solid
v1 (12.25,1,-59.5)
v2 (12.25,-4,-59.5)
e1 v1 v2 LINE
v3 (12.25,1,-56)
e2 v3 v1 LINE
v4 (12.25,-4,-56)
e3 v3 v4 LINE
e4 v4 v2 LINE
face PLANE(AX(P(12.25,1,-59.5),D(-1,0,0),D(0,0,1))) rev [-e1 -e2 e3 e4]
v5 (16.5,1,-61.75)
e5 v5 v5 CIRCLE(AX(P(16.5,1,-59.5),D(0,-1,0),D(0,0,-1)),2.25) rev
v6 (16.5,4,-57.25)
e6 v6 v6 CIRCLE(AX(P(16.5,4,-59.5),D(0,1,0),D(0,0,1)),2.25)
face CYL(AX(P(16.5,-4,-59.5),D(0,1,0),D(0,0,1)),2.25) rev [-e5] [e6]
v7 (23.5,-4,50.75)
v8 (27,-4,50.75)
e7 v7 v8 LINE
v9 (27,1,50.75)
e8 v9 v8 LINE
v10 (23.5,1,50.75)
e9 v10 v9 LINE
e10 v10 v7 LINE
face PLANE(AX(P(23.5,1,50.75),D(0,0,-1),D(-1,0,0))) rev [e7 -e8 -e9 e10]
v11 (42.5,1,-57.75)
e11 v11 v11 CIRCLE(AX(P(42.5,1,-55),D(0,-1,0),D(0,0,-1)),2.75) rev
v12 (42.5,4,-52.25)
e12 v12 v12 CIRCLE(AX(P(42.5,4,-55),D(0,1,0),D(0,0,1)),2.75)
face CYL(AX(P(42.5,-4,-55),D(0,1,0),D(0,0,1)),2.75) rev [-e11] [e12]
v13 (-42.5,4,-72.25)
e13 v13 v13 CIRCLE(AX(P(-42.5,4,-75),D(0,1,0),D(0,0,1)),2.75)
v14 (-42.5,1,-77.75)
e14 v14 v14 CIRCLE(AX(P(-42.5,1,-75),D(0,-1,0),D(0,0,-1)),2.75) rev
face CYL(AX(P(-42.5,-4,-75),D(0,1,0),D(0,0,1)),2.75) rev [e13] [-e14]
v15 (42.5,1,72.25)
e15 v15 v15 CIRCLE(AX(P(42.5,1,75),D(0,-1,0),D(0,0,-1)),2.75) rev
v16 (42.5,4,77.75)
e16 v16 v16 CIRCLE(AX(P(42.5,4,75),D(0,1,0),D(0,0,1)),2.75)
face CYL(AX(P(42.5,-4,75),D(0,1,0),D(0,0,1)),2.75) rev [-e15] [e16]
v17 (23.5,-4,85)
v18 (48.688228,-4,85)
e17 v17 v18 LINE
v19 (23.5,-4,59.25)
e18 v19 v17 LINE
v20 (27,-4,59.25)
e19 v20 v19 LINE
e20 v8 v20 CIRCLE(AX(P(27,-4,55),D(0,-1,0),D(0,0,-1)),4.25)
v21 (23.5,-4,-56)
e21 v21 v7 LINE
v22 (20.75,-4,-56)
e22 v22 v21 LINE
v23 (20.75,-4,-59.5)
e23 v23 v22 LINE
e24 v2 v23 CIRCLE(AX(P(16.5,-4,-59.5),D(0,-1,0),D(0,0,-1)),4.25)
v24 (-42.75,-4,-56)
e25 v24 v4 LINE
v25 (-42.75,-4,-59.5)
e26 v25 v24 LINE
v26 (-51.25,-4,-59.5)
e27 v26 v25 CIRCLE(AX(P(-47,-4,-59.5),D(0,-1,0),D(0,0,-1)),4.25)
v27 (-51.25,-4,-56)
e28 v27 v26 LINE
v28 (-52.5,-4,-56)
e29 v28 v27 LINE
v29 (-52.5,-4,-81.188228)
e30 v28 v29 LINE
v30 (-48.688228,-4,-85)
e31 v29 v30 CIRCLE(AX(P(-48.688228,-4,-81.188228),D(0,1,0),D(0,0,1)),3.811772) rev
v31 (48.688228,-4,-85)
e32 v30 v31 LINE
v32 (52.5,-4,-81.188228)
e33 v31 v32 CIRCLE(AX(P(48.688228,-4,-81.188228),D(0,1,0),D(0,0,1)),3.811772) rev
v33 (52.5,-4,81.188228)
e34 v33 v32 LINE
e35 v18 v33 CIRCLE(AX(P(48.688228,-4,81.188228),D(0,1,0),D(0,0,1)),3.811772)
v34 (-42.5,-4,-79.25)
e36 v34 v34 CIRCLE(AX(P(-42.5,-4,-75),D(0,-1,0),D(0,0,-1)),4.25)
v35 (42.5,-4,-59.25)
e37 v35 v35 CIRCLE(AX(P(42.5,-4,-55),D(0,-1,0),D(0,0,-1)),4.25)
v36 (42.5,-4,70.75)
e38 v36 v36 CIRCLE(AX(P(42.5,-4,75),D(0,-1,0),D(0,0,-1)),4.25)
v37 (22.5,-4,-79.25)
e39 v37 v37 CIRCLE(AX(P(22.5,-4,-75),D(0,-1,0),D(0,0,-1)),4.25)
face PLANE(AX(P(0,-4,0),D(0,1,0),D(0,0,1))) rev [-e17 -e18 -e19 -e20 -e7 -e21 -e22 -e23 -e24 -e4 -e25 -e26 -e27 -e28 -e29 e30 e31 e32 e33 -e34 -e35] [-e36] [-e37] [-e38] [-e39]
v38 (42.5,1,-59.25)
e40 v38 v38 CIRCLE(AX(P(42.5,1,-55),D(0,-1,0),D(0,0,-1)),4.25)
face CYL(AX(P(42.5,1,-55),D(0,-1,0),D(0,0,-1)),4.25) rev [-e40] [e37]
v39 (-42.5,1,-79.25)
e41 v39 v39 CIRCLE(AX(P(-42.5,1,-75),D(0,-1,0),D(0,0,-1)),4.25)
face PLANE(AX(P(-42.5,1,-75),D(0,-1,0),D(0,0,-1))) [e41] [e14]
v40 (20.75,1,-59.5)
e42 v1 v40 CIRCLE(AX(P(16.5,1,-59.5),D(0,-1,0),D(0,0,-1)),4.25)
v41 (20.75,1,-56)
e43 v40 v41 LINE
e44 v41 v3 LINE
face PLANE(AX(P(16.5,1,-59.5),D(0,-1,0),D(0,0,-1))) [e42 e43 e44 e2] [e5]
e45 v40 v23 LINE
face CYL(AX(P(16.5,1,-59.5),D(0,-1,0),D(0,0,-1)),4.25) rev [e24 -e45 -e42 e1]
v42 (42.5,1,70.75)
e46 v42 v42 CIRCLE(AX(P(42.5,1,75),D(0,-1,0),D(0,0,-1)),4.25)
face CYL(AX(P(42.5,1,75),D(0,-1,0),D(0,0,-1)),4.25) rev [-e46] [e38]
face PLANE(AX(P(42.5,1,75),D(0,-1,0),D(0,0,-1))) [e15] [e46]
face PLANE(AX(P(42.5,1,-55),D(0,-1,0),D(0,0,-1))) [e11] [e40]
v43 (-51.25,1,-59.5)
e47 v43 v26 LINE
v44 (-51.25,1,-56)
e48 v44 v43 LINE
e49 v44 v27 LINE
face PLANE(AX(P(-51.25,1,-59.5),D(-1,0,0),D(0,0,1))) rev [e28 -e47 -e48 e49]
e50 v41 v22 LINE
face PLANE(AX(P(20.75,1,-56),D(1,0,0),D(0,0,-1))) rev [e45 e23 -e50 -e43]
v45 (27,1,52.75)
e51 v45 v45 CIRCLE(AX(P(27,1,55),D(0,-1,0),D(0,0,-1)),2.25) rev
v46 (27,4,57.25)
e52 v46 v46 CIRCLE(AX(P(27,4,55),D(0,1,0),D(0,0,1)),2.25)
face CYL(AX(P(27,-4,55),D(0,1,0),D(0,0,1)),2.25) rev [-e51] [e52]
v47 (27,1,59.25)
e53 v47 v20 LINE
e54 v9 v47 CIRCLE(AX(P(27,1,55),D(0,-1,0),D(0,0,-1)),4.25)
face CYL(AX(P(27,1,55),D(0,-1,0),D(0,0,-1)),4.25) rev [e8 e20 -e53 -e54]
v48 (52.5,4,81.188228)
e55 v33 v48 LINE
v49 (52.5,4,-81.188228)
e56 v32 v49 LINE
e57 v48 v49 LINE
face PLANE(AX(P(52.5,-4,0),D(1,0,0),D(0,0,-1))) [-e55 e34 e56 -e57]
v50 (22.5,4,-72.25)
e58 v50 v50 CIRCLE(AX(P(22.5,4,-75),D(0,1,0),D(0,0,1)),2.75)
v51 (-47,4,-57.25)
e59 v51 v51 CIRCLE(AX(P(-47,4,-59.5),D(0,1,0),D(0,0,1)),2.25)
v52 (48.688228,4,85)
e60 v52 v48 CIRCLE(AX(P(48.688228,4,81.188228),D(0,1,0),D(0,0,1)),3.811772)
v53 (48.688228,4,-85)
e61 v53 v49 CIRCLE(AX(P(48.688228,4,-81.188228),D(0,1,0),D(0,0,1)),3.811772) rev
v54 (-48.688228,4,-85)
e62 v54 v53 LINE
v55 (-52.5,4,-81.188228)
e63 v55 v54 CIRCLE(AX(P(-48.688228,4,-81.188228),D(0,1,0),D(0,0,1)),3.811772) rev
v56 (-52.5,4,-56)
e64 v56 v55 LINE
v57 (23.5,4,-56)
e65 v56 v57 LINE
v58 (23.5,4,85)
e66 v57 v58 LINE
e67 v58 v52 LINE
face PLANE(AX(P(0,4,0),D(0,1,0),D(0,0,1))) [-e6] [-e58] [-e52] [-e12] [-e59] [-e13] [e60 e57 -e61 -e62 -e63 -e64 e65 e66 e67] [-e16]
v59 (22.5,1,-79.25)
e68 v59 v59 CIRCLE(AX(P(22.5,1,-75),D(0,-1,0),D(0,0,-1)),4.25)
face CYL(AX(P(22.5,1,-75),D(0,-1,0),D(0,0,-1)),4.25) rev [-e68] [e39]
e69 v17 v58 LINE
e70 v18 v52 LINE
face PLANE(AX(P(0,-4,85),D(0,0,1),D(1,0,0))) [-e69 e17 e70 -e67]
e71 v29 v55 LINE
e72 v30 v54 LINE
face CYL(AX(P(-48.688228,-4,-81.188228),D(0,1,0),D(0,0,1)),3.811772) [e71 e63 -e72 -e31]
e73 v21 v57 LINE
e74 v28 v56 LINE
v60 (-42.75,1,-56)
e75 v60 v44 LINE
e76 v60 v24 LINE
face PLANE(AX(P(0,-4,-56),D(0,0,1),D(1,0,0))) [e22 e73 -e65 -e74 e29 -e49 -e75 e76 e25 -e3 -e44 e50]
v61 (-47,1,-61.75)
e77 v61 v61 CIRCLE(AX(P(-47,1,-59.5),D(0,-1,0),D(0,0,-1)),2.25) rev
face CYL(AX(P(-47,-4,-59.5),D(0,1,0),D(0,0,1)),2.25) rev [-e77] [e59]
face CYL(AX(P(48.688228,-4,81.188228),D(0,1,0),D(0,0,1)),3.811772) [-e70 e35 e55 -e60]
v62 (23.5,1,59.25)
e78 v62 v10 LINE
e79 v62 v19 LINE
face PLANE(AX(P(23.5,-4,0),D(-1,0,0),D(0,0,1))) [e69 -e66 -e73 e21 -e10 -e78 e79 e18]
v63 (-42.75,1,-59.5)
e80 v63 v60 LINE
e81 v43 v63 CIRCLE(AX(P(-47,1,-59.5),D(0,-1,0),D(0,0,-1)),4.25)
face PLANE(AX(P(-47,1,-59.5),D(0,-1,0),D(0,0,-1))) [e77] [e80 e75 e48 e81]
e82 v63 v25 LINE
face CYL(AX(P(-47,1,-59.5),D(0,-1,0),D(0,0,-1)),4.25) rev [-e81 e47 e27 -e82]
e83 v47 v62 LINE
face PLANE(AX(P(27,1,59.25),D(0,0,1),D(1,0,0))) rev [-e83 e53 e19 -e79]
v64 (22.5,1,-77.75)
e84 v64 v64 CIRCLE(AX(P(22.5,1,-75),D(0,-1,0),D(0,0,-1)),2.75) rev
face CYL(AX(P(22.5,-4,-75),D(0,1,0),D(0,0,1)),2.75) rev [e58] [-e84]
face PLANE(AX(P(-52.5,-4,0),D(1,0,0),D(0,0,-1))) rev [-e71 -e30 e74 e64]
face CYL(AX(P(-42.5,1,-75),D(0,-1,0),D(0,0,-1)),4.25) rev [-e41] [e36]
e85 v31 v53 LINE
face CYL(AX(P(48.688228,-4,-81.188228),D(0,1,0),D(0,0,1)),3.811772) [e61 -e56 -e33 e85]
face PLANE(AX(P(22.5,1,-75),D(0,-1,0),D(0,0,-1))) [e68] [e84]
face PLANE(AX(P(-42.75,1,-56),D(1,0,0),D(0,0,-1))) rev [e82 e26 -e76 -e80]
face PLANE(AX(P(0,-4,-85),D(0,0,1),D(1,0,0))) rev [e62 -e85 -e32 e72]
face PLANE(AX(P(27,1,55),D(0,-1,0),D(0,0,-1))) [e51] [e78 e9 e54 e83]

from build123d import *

# Parameters (mm, degrees)
BOSS_EXTRUDE1_DEPTH      = 4
BOSS_EXTRUDE1_DEPTH_BACK = 4
SKETCH1_R                = 2.75
SKETCH1_R_2              = 2.25
SKETCH2_R                = 4.25
CUT_EXTRUDE1_DEPTH       = 5


with BuildPart() as part:
    # Sketch1 → Boss-Extrude1 (new, two sides: drawn at the far end of the back side and taken through both)
    with BuildSketch(Plane(origin=(0, 0, 0), x_dir=(1, 0, 0), z_dir=(0, 1, 0)).offset(-BOSS_EXTRUDE1_DEPTH_BACK)):
        with BuildLine():
            Line((-52.5, 81.188228139), (-52.5, 56))
            Line((-52.5, 56), (23.5, 56))
            Line((23.5, 56), (23.5, -85))
            Line((23.5, -85), (48.688228139, -85))
            ThreePointArc((48.688228139, -85), (51.38355787, -83.88355787), (52.5, -81.188228139))
            Line((52.5, -81.188228139), (52.5, 81.188228139))
            ThreePointArc((52.5, 81.188228139), (51.38355787, 83.88355787), (48.688228139, 85))
            Line((48.688228139, 85), (-48.688228139, 85))
            ThreePointArc((-48.688228139, 85), (-51.38355787, 83.88355787), (-52.5, 81.188228139))
        make_face()
        with Locations((42.5, -75)):
            Circle(SKETCH1_R, mode=Mode.SUBTRACT)
        with Locations((27, -55)):
            Circle(SKETCH1_R_2, mode=Mode.SUBTRACT)
        with Locations((-47, 59.5)):
            Circle(SKETCH1_R_2, mode=Mode.SUBTRACT)
        with Locations((-42.5, 75)):
            Circle(SKETCH1_R, mode=Mode.SUBTRACT)
        with Locations((16.5, 59.5)):
            Circle(SKETCH1_R_2, mode=Mode.SUBTRACT)
        with Locations((22.5, 75)):
            Circle(SKETCH1_R, mode=Mode.SUBTRACT)
        with Locations((42.5, 55)):
            Circle(SKETCH1_R, mode=Mode.SUBTRACT)
    extrude(amount=BOSS_EXTRUDE1_DEPTH + BOSS_EXTRUDE1_DEPTH_BACK)

    # Sketch2 → Cut-Extrude1 (cut)
    with BuildSketch(Plane.XZ.offset(4)):
        with Locations((42.5, 75)):
            Circle(SKETCH2_R)
        with Locations((42.5, -55)):
            Circle(SKETCH2_R)
        with Locations((22.5, -75)):
            Circle(SKETCH2_R)
        with Locations((-42.5, -75)):
            Circle(SKETCH2_R)
        with BuildLine():
            Line((27, 59.25), (23.5, 59.25))
            Line((23.5, 59.25), (23.5, 50.75))
            Line((23.5, 50.75), (27, 50.75))
            ThreePointArc((27, 50.75), (31.25, 55), (27, 59.25))
        make_face()
        with BuildLine():
            Line((12.25, -59.5), (12.25, -56))
            Line((12.25, -56), (20.75, -56))
            Line((20.75, -56), (20.75, -59.5))
            ThreePointArc((20.75, -59.5), (16.5, -63.75), (12.25, -59.5))
        make_face()
        with BuildLine():
            Line((-51.25, -59.5), (-51.25, -56))
            Line((-51.25, -56), (-42.75, -56))
            Line((-42.75, -56), (-42.75, -59.5))
            ThreePointArc((-42.75, -59.5), (-47, -63.75), (-51.25, -59.5))
        make_face()
    extrude(amount=-CUT_EXTRUDE1_DEPTH, mode=Mode.SUBTRACT)


solid = part.part
